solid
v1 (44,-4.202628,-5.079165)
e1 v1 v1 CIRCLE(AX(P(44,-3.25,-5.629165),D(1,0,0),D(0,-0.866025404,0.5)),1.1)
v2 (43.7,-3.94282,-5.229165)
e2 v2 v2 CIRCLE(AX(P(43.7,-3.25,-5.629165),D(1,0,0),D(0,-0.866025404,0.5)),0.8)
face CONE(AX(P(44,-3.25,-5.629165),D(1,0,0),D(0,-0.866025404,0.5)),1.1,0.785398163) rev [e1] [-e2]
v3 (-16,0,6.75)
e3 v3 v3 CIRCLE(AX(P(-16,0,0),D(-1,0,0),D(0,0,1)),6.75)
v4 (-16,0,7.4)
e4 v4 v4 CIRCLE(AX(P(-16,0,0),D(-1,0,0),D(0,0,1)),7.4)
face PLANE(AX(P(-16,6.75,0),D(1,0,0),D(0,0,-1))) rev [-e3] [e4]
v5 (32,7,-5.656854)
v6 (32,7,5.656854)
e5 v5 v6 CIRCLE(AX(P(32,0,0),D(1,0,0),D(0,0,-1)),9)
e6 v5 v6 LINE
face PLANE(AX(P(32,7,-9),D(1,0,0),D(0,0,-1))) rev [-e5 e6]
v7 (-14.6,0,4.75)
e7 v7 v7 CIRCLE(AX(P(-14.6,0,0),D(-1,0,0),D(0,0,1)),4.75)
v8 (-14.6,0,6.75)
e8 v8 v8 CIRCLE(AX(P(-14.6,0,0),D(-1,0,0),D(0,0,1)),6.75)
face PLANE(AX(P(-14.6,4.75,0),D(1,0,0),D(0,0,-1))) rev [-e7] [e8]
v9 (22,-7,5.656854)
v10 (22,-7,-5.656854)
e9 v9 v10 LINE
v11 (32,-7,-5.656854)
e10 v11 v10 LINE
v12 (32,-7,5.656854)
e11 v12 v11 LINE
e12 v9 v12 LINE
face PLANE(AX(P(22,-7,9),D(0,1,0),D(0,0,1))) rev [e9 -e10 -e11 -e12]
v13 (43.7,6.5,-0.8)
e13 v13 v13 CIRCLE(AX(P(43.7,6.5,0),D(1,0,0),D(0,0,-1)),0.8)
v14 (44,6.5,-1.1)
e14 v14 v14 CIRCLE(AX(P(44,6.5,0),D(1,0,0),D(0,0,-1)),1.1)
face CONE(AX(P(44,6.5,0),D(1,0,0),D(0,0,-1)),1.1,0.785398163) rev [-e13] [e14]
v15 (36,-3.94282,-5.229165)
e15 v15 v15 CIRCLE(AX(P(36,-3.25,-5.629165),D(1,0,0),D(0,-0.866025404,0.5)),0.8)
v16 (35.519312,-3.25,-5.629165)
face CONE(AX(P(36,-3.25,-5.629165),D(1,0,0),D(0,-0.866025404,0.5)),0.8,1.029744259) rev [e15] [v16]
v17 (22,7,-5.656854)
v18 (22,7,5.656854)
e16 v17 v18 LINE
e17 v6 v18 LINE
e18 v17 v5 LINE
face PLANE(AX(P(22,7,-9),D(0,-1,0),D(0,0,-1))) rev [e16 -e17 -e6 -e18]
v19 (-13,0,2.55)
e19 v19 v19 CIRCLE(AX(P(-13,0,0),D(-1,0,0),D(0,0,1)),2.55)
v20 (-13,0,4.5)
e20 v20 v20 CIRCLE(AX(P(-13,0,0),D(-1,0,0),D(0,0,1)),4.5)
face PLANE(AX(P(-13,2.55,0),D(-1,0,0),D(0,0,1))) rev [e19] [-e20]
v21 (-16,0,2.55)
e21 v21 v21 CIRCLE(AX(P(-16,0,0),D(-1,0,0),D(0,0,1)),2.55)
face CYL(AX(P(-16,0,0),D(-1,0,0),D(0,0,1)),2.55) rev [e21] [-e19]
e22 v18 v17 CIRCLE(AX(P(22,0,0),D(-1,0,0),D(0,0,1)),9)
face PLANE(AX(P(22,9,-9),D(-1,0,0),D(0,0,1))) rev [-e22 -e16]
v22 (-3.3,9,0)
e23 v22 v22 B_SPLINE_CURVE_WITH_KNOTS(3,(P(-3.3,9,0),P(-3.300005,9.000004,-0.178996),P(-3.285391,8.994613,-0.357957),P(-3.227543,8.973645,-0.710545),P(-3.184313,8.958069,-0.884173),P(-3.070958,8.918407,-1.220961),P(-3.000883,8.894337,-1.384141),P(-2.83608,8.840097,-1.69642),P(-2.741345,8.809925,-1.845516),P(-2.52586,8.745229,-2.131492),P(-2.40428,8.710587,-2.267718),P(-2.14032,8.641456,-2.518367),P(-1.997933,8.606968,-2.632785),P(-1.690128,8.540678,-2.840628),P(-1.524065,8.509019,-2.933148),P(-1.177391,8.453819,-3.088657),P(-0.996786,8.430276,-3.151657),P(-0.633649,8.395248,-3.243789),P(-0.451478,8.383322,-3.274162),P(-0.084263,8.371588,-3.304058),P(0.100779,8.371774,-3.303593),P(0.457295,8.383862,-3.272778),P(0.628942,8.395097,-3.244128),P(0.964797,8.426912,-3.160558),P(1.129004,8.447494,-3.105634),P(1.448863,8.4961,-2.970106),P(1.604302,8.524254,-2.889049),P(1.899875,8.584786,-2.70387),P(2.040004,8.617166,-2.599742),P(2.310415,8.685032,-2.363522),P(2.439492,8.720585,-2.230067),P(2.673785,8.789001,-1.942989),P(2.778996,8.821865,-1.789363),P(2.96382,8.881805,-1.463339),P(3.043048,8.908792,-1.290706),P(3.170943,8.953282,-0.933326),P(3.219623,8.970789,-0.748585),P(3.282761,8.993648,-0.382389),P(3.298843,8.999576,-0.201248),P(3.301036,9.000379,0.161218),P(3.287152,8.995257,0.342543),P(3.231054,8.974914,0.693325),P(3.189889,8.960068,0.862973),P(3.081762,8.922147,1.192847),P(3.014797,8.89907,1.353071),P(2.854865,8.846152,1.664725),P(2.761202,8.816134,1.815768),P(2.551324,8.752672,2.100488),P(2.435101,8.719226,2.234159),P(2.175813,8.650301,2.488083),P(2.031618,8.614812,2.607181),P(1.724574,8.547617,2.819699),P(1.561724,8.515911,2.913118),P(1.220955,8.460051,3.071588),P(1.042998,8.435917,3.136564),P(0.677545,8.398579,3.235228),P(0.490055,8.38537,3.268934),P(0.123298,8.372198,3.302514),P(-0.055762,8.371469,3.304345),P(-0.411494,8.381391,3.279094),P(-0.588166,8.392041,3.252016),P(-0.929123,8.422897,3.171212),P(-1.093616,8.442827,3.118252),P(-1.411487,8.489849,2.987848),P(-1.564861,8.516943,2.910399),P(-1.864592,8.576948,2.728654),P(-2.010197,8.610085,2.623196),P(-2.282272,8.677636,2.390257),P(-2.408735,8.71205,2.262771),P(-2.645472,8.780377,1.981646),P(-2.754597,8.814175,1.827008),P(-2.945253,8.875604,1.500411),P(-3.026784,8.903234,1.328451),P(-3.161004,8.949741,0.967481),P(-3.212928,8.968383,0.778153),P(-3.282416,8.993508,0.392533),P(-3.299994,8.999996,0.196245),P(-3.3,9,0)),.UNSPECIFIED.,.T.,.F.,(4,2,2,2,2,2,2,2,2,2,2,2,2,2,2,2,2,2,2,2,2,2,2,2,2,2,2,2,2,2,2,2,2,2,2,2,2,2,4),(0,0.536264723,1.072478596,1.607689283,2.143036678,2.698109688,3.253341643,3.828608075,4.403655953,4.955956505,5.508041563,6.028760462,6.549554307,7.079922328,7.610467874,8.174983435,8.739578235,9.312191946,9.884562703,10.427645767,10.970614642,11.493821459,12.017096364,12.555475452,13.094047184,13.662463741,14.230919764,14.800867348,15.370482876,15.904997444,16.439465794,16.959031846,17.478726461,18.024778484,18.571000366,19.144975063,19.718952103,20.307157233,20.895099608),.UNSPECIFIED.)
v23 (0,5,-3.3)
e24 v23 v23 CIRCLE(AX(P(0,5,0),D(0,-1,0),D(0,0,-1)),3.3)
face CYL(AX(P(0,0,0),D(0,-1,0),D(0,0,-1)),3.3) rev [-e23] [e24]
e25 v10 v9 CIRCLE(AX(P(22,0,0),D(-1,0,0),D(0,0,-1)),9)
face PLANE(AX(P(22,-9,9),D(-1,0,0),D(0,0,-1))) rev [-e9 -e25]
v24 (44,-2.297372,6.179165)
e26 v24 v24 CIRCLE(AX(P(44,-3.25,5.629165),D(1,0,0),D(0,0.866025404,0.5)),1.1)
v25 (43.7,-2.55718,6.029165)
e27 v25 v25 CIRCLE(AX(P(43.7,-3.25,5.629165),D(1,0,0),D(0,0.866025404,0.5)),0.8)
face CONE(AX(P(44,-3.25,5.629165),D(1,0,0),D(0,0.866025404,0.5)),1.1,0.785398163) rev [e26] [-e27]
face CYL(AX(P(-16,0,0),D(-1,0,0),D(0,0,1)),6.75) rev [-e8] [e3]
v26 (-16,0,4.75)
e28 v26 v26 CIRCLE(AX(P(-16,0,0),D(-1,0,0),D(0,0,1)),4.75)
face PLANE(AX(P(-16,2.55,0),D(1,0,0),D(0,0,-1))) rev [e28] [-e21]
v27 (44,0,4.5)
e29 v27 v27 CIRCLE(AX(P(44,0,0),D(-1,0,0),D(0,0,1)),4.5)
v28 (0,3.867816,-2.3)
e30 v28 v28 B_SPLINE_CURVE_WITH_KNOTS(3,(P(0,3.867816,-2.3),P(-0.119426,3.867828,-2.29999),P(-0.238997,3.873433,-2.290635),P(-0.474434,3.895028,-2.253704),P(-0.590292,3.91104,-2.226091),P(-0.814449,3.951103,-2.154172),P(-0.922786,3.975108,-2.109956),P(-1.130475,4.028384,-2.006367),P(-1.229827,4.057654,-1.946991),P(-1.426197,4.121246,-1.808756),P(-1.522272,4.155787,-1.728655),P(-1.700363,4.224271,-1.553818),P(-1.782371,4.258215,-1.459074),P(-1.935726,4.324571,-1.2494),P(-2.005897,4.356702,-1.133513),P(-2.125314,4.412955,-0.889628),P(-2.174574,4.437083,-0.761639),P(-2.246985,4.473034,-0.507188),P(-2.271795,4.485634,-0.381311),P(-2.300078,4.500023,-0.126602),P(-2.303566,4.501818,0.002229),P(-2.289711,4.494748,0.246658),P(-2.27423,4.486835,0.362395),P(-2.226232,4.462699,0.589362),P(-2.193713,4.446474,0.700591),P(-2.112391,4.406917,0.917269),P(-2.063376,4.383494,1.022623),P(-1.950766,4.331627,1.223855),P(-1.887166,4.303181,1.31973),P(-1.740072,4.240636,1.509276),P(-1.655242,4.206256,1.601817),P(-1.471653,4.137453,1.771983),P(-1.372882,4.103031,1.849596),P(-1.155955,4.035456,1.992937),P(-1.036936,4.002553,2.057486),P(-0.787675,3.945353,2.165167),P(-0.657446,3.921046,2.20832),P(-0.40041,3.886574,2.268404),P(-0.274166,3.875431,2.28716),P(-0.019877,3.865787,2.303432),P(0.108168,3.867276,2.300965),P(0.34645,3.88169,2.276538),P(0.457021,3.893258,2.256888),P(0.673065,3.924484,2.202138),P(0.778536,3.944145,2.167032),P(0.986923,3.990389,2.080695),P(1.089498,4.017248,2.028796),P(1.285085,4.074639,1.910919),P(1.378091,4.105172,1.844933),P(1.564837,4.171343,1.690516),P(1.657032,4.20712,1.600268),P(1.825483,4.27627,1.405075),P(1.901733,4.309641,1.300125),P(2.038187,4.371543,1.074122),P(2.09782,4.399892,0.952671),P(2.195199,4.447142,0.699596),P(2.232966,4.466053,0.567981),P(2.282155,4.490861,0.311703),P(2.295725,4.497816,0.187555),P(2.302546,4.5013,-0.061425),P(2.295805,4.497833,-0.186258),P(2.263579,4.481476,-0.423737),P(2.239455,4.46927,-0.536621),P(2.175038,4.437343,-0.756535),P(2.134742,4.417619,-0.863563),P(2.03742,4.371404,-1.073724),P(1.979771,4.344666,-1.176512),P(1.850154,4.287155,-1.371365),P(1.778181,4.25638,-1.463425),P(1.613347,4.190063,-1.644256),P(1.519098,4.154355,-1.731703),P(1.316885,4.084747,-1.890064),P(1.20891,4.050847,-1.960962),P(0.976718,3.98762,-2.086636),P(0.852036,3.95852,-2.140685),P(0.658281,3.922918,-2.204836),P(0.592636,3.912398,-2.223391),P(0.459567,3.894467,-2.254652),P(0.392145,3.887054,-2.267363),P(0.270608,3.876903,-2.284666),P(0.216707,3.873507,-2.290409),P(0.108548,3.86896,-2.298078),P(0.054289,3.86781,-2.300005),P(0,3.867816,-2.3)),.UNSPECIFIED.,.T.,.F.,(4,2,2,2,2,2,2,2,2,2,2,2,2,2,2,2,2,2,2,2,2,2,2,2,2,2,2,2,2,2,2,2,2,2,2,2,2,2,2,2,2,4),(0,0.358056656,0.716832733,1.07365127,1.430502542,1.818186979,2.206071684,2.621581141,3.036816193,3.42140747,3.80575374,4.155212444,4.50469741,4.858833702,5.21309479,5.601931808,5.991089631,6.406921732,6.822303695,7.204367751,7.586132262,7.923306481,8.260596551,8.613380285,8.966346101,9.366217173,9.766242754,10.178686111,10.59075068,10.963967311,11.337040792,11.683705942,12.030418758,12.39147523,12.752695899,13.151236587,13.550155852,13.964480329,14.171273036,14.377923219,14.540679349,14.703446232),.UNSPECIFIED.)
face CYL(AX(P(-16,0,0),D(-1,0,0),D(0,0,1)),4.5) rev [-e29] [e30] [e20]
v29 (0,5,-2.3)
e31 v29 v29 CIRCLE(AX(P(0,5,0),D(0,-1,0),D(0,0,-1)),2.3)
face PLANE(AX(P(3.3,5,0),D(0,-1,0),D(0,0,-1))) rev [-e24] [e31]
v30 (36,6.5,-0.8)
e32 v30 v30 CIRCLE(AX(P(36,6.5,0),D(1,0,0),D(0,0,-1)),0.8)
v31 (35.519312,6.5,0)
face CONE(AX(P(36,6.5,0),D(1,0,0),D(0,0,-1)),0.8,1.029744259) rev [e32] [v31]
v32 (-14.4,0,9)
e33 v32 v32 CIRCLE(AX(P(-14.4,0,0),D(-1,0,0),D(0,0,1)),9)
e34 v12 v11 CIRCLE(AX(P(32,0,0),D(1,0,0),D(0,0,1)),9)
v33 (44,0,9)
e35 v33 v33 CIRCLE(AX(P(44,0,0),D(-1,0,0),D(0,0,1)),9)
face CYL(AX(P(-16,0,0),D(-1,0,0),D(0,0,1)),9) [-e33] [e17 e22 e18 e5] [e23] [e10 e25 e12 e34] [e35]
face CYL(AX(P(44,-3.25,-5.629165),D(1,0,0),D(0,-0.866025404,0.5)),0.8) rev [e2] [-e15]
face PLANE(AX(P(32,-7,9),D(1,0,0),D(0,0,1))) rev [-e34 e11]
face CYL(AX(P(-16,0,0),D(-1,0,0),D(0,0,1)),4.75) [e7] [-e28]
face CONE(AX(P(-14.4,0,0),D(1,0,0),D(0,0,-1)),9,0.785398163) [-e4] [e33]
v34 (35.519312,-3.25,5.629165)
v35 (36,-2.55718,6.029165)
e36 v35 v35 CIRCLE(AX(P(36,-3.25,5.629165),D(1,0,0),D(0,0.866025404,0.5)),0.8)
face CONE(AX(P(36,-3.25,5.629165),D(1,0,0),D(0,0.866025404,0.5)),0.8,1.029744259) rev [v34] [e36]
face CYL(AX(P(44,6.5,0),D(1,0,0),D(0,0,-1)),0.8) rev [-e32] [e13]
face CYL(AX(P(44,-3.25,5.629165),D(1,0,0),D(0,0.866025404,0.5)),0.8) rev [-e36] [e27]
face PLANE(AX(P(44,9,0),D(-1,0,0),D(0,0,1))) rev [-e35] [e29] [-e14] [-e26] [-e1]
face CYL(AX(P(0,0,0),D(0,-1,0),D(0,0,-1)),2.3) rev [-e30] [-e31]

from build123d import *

# Parameters (mm, degrees)
SKETCH_3_W               = 10
SKETCH_3_H               = 2
CUT_EXTRUDE_1_DEPTH      = 46.803930098
PATTERN_CIRCULAR_1_COUNT = 2
PATTERN_CIRCULAR_2_COUNT = 3


with BuildPart() as part:
    # Эскиз1 → Повернуть1 (revolve)
    with BuildSketch(Plane.XY, mode=Mode.PRIVATE) as revolve_1_sk:
        Polygon((-16, 2.55), (-16, 4.75), (-14.6, 4.75), (-14.6, 6.75), (-16, 6.75), (-16, 7.4), (-14.4, 9), (44, 9), (44, 4.5), (-13, 4.5), (-13, 2.55), align=None)
    revolve(revolve_1_sk.sketch.rotate(Axis((-16, 0, 0), (1, 0, 0)), 90), axis=Axis((-16, 0, 0), (1, 0, 0)))

    # Эскиз2 → Вырез-Повернуть1 (revolve, cut)
    with BuildSketch(Plane.XY, mode=Mode.PRIVATE) as cut_revolve_1_sk:
        Polygon((0, 0), (0, 9), (3.3, 9), (3.3, 5), (2.3, 5), (2.3, 0), align=None)
    revolve(cut_revolve_1_sk.sketch.rotate(Axis((0, 0, 0), (0, 1, 0)), 90), axis=Axis((0, 0, 0), (0, 1, 0)), mode=Mode.SUBTRACT)

    # Эскиз3 → Вырез-Вытянуть1 (cut, symmetric)
    with BuildSketch(Plane.XY):
        with Locations((27, 8)):
            Rectangle(SKETCH_3_W, SKETCH_3_H)
    cut_extrude_1 = extrude(amount=CUT_EXTRUDE_1_DEPTH, both=True, mode=Mode.SUBTRACT)

    # Эскиз5 → Отверстие обработанное метчиком M21 (revolve, cut)
    with BuildSketch(Plane(origin=(44, 6.5, 0), x_dir=(0, 0, -1), z_dir=(0, 1, 0))):
        Polygon((0, 0), (0, 8.480688495), (0.8, 8), (0.8, 0.3), (1.1, 0), align=None)
    hole_wizard_m21 = revolve(axis=Axis((50.35, 6.5, 0), (-1, 0, 0)), mode=Mode.SUBTRACT)

    # Круговой массив1: Вырез-Вытянуть1 ×2 about axis
    pattern_circular_1_axis = Axis((-41.040855915, 0, 0), (1, 0, 0))
    for i in range(1, PATTERN_CIRCULAR_1_COUNT):
        add(cut_extrude_1.rotate(pattern_circular_1_axis, i * 360 / PATTERN_CIRCULAR_1_COUNT), mode=Mode.SUBTRACT)

    # Круговой массив2: Отверстие обработанное метчиком M21 ×3 about axis
    pattern_circular_2_axis = Axis((0, 0, 0), (1, 0, 0))
    for i in range(1, PATTERN_CIRCULAR_2_COUNT):
        add(hole_wizard_m21.rotate(pattern_circular_2_axis, i * 360 / PATTERN_CIRCULAR_2_COUNT), mode=Mode.SUBTRACT)


solid = part.part
